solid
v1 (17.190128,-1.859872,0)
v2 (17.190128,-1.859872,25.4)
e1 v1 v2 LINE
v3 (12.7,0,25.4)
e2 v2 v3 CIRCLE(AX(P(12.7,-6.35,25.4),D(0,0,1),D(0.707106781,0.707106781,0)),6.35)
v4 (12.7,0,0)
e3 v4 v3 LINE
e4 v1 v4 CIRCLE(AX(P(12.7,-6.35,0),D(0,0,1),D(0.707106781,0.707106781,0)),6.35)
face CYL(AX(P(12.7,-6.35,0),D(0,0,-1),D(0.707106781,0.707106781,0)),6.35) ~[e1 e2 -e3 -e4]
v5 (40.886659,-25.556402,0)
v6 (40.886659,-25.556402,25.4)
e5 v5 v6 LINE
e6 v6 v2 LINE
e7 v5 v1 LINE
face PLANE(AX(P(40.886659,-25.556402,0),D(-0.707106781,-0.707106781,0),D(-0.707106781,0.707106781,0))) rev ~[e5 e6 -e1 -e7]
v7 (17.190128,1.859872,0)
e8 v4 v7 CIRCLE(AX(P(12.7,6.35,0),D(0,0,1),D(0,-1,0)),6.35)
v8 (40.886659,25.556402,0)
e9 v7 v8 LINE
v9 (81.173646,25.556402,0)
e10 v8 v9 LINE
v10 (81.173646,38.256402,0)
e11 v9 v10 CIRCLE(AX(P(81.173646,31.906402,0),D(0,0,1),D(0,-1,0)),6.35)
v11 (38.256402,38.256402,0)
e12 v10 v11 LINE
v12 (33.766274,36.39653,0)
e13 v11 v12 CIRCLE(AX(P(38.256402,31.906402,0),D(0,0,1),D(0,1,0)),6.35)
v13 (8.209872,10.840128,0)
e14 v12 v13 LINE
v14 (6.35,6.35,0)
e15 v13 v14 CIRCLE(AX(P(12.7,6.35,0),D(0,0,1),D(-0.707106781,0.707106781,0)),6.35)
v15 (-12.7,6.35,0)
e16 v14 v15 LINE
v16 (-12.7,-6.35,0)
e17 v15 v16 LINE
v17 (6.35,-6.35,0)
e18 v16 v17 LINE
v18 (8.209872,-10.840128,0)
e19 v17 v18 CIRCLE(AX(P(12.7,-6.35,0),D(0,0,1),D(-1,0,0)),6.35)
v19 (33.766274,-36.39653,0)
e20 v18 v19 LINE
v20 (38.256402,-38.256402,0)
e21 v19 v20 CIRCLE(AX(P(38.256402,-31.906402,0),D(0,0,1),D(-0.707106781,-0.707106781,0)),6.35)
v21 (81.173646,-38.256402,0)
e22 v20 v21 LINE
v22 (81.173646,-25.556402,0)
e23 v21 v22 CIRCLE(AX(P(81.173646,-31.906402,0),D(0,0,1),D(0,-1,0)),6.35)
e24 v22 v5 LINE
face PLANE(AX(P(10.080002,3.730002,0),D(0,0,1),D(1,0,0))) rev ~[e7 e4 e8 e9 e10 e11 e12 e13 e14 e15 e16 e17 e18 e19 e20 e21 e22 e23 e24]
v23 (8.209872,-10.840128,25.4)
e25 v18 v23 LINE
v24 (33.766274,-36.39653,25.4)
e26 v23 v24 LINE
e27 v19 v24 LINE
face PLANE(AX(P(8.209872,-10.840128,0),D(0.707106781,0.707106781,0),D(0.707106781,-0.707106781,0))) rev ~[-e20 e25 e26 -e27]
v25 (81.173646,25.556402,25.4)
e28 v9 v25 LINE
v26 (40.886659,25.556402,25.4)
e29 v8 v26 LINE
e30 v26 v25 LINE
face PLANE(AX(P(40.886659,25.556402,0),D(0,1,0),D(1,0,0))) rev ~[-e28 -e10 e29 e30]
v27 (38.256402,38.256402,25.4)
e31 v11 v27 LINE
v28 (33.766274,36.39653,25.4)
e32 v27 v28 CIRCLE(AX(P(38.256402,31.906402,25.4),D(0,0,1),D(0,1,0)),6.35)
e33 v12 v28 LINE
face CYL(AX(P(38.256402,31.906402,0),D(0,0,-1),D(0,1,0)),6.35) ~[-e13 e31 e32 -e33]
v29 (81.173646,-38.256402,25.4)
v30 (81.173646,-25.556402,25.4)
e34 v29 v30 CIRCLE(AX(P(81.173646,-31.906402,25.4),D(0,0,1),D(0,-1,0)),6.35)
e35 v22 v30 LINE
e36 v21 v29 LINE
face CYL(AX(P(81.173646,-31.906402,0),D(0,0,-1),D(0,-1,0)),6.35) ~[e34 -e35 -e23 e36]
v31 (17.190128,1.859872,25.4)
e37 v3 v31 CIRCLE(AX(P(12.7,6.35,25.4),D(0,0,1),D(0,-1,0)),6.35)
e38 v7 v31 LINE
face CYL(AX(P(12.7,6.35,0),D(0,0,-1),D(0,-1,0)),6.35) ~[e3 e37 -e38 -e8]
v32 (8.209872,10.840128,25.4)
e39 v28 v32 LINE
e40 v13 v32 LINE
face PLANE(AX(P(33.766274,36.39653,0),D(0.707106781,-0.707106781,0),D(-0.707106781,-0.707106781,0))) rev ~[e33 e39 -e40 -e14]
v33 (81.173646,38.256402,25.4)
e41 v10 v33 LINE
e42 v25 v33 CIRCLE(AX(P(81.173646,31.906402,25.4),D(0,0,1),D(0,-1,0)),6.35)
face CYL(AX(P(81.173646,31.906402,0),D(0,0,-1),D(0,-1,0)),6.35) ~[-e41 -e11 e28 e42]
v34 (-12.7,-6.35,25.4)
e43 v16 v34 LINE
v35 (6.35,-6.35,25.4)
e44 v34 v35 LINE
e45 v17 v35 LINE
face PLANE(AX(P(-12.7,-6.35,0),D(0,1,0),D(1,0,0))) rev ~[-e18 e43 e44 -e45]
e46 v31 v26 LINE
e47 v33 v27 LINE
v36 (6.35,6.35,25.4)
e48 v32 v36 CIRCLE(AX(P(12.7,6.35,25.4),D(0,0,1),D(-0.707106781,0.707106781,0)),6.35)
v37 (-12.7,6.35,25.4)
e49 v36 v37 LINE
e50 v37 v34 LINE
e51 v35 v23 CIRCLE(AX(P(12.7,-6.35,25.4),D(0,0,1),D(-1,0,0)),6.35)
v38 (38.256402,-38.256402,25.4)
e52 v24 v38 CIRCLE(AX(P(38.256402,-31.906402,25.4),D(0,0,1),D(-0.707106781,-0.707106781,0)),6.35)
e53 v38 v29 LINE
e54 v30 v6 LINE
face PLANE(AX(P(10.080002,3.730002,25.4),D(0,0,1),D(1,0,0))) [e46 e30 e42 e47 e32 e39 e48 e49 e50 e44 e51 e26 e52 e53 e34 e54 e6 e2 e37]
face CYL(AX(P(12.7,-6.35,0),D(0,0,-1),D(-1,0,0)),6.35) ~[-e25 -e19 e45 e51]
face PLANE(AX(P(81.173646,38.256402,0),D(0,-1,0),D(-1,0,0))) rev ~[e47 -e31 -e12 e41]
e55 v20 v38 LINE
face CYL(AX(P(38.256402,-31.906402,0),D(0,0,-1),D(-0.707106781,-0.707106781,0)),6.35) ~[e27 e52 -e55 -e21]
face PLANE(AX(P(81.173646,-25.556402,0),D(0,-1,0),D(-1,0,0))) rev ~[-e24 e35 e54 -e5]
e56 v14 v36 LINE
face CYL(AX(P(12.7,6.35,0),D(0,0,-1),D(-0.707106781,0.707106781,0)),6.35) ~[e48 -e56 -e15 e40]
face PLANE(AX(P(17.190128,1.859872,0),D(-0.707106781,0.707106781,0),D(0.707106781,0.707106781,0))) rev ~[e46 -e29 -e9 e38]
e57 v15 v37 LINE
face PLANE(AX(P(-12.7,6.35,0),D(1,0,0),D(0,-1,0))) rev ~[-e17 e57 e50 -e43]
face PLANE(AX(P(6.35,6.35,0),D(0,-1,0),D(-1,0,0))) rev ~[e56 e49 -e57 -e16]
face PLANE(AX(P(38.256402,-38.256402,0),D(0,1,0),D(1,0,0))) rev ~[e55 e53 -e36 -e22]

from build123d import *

# Parameters (mm, degrees)
F1_DEPTH = 25.4


with BuildPart() as f1:
    # F0 (on Top) → F1 (new body)
    with BuildSketch(Plane.XY):
        with BuildLine():
            Line((12.7, 0), (12.7, 6.35))
            Line((12.7, 6.35), (6.35, 6.35))
            ThreePointArc((6.35, 6.35), (8.2098719395, 1.8598719395), (12.7, 0))
        make_face()
        with BuildLine():
            Line((33.7662743449, 27.4162743449), (12.7, 6.35))
            Line((12.7, 6.35), (12.7, 0))
            ThreePointArc((12.7, 0), (15.1300397955, 0.4833649686), (17.1901280605, 1.8598719395))
            Line((17.1901280605, 1.8598719395), (40.8866585265, 25.5564024054))
            Line((40.8866585265, 25.5564024054), (38.2564024054, 25.5564024054))
            ThreePointArc((38.2564024054, 25.5564024054), (35.8263626099, 26.0397673739), (33.7662743449, 27.4162743449))
        make_face()
        with BuildLine():
            Line((6.35, 6.35), (12.7, 6.35))
            Line((12.7, 6.35), (33.7662743449, 27.4162743449))
            ThreePointArc((33.7662743449, 27.4162743449), (31.9064024054, 31.9064024054), (33.7662743449, 36.3965304659))
            Line((33.7662743449, 36.3965304659), (8.2098719395, 10.8401280605))
            ThreePointArc((8.2098719395, 10.8401280605), (6.8333649686, 8.7800397955), (6.35, 6.35))
        make_face()
        with BuildLine():
            ThreePointArc((12.7, 0), (8.2098719395, 1.8598719395), (6.35, 6.35))
            Line((6.35, 6.35), (-12.7, 6.35))
            Line((-12.7, 6.35), (-12.7, -6.35))
            Line((-12.7, -6.35), (6.35, -6.35))
            ThreePointArc((6.35, -6.35), (8.2098719395, -1.8598719395), (12.7, 0))
        make_face()
        with BuildLine():
            ThreePointArc((17.1901280605, -1.8598719395), (15.1300397955, -0.4833649686), (12.7, 0))
            Line((12.7, 0), (12.7, -6.35))
            Line((12.7, -6.35), (33.7662743449, -27.4162743449))
            ThreePointArc((33.7662743449, -27.4162743449), (35.8263626099, -26.0397673739), (38.2564024054, -25.5564024054))
            Line((38.2564024054, -25.5564024054), (40.8866585265, -25.5564024054))
            Line((40.8866585265, -25.5564024054), (17.1901280605, -1.8598719395))
        make_face()
        with BuildLine():
            Line((12.7, -6.35), (12.7, 0))
            ThreePointArc((12.7, 0), (8.2098719395, -1.8598719395), (6.35, -6.35))
            Line((6.35, -6.35), (12.7, -6.35))
        make_face()
        with BuildLine():
            ThreePointArc((33.7662743449, 36.3965304659), (31.9064024054, 31.9064024054), (33.7662743449, 27.4162743449))
            Line((33.7662743449, 27.4162743449), (38.2564024054, 31.9064024054))
            Line((38.2564024054, 31.9064024054), (44.6064024054, 31.9064024054))
            ThreePointArc((44.6064024054, 31.9064024054), (42.7465304659, 36.3965304659), (38.2564024054, 38.2564024054))
            ThreePointArc((38.2564024054, 38.2564024054), (35.8263626099, 37.7730374368), (33.7662743449, 36.3965304659))
        make_face()
        with BuildLine():
            Line((38.2564024054, 31.9064024054), (33.7662743449, 27.4162743449))
            ThreePointArc((33.7662743449, 27.4162743449), (35.8263626099, 26.0397673739), (38.2564024054, 25.5564024054))
            Line((38.2564024054, 25.5564024054), (40.8866585265, 25.5564024054))
            Line((40.8866585265, 25.5564024054), (42.7465304659, 27.4162743449))
            ThreePointArc((42.7465304659, 27.4162743449), (44.1230374368, 29.4763626099), (44.6064024054, 31.9064024054))
            Line((44.6064024054, 31.9064024054), (38.2564024054, 31.9064024054))
        make_face()
        with BuildLine():
            Line((33.7662743449, -27.4162743449), (12.7, -6.35))
            Line((12.7, -6.35), (6.35, -6.35))
            ThreePointArc((6.35, -6.35), (6.8333649686, -8.7800397955), (8.2098719395, -10.8401280605))
            Line((8.2098719395, -10.8401280605), (33.7662743449, -36.3965304659))
            ThreePointArc((33.7662743449, -36.3965304659), (31.9064024054, -31.9064024054), (33.7662743449, -27.4162743449))
        make_face()
        with BuildLine():
            ThreePointArc((38.2564024054, -25.5564024054), (35.8263626099, -26.0397673739), (33.7662743449, -27.4162743449))
            Line((33.7662743449, -27.4162743449), (38.2564024054, -31.9064024054))
            Line((38.2564024054, -31.9064024054), (44.6064024054, -31.9064024054))
            ThreePointArc((44.6064024054, -31.9064024054), (44.1230374368, -29.4763626099), (42.7465304659, -27.4162743449))
            Line((42.7465304659, -27.4162743449), (40.8866585265, -25.5564024054))
            Line((40.8866585265, -25.5564024054), (38.2564024054, -25.5564024054))
        make_face()
        with BuildLine():
            Line((38.2564024054, -31.9064024054), (33.7662743449, -27.4162743449))
            ThreePointArc((33.7662743449, -27.4162743449), (31.9064024054, -31.9064024054), (33.7662743449, -36.3965304659))
            ThreePointArc((33.7662743449, -36.3965304659), (35.8263626099, -37.7730374368), (38.2564024054, -38.2564024054))
            ThreePointArc((38.2564024054, -38.2564024054), (42.7465304659, -36.3965304659), (44.6064024054, -31.9064024054))
            Line((44.6064024054, -31.9064024054), (38.2564024054, -31.9064024054))
        make_face()
        with BuildLine():
            Line((42.7465304659, 27.4162743449), (40.8866585265, 25.5564024054))
            Line((40.8866585265, 25.5564024054), (81.1736459784, 25.5564024054))
            ThreePointArc((81.1736459784, 25.5564024054), (87.5236459784, 31.9064024054), (81.1736459784, 38.2564024054))
            Line((81.1736459784, 38.2564024054), (38.2564024054, 38.2564024054))
            ThreePointArc((38.2564024054, 38.2564024054), (42.7465304659, 36.3965304659), (44.6064024054, 31.9064024054))
            ThreePointArc((44.6064024054, 31.9064024054), (44.1230374368, 29.4763626099), (42.7465304659, 27.4162743449))
        make_face()
        with BuildLine():
            Line((81.1736459784, -25.5564024054), (40.8866585265, -25.5564024054))
            Line((40.8866585265, -25.5564024054), (42.7465304659, -27.4162743449))
            ThreePointArc((42.7465304659, -27.4162743449), (44.1230374368, -29.4763626099), (44.6064024054, -31.9064024054))
            ThreePointArc((44.6064024054, -31.9064024054), (42.7465304659, -36.3965304659), (38.2564024054, -38.2564024054))
            Line((38.2564024054, -38.2564024054), (81.1736459784, -38.2564024054))
            ThreePointArc((81.1736459784, -38.2564024054), (87.5236459784, -31.9064024054), (81.1736459784, -25.5564024054))
        make_face()
    extrude(amount=F1_DEPTH)


solid = f1.part
